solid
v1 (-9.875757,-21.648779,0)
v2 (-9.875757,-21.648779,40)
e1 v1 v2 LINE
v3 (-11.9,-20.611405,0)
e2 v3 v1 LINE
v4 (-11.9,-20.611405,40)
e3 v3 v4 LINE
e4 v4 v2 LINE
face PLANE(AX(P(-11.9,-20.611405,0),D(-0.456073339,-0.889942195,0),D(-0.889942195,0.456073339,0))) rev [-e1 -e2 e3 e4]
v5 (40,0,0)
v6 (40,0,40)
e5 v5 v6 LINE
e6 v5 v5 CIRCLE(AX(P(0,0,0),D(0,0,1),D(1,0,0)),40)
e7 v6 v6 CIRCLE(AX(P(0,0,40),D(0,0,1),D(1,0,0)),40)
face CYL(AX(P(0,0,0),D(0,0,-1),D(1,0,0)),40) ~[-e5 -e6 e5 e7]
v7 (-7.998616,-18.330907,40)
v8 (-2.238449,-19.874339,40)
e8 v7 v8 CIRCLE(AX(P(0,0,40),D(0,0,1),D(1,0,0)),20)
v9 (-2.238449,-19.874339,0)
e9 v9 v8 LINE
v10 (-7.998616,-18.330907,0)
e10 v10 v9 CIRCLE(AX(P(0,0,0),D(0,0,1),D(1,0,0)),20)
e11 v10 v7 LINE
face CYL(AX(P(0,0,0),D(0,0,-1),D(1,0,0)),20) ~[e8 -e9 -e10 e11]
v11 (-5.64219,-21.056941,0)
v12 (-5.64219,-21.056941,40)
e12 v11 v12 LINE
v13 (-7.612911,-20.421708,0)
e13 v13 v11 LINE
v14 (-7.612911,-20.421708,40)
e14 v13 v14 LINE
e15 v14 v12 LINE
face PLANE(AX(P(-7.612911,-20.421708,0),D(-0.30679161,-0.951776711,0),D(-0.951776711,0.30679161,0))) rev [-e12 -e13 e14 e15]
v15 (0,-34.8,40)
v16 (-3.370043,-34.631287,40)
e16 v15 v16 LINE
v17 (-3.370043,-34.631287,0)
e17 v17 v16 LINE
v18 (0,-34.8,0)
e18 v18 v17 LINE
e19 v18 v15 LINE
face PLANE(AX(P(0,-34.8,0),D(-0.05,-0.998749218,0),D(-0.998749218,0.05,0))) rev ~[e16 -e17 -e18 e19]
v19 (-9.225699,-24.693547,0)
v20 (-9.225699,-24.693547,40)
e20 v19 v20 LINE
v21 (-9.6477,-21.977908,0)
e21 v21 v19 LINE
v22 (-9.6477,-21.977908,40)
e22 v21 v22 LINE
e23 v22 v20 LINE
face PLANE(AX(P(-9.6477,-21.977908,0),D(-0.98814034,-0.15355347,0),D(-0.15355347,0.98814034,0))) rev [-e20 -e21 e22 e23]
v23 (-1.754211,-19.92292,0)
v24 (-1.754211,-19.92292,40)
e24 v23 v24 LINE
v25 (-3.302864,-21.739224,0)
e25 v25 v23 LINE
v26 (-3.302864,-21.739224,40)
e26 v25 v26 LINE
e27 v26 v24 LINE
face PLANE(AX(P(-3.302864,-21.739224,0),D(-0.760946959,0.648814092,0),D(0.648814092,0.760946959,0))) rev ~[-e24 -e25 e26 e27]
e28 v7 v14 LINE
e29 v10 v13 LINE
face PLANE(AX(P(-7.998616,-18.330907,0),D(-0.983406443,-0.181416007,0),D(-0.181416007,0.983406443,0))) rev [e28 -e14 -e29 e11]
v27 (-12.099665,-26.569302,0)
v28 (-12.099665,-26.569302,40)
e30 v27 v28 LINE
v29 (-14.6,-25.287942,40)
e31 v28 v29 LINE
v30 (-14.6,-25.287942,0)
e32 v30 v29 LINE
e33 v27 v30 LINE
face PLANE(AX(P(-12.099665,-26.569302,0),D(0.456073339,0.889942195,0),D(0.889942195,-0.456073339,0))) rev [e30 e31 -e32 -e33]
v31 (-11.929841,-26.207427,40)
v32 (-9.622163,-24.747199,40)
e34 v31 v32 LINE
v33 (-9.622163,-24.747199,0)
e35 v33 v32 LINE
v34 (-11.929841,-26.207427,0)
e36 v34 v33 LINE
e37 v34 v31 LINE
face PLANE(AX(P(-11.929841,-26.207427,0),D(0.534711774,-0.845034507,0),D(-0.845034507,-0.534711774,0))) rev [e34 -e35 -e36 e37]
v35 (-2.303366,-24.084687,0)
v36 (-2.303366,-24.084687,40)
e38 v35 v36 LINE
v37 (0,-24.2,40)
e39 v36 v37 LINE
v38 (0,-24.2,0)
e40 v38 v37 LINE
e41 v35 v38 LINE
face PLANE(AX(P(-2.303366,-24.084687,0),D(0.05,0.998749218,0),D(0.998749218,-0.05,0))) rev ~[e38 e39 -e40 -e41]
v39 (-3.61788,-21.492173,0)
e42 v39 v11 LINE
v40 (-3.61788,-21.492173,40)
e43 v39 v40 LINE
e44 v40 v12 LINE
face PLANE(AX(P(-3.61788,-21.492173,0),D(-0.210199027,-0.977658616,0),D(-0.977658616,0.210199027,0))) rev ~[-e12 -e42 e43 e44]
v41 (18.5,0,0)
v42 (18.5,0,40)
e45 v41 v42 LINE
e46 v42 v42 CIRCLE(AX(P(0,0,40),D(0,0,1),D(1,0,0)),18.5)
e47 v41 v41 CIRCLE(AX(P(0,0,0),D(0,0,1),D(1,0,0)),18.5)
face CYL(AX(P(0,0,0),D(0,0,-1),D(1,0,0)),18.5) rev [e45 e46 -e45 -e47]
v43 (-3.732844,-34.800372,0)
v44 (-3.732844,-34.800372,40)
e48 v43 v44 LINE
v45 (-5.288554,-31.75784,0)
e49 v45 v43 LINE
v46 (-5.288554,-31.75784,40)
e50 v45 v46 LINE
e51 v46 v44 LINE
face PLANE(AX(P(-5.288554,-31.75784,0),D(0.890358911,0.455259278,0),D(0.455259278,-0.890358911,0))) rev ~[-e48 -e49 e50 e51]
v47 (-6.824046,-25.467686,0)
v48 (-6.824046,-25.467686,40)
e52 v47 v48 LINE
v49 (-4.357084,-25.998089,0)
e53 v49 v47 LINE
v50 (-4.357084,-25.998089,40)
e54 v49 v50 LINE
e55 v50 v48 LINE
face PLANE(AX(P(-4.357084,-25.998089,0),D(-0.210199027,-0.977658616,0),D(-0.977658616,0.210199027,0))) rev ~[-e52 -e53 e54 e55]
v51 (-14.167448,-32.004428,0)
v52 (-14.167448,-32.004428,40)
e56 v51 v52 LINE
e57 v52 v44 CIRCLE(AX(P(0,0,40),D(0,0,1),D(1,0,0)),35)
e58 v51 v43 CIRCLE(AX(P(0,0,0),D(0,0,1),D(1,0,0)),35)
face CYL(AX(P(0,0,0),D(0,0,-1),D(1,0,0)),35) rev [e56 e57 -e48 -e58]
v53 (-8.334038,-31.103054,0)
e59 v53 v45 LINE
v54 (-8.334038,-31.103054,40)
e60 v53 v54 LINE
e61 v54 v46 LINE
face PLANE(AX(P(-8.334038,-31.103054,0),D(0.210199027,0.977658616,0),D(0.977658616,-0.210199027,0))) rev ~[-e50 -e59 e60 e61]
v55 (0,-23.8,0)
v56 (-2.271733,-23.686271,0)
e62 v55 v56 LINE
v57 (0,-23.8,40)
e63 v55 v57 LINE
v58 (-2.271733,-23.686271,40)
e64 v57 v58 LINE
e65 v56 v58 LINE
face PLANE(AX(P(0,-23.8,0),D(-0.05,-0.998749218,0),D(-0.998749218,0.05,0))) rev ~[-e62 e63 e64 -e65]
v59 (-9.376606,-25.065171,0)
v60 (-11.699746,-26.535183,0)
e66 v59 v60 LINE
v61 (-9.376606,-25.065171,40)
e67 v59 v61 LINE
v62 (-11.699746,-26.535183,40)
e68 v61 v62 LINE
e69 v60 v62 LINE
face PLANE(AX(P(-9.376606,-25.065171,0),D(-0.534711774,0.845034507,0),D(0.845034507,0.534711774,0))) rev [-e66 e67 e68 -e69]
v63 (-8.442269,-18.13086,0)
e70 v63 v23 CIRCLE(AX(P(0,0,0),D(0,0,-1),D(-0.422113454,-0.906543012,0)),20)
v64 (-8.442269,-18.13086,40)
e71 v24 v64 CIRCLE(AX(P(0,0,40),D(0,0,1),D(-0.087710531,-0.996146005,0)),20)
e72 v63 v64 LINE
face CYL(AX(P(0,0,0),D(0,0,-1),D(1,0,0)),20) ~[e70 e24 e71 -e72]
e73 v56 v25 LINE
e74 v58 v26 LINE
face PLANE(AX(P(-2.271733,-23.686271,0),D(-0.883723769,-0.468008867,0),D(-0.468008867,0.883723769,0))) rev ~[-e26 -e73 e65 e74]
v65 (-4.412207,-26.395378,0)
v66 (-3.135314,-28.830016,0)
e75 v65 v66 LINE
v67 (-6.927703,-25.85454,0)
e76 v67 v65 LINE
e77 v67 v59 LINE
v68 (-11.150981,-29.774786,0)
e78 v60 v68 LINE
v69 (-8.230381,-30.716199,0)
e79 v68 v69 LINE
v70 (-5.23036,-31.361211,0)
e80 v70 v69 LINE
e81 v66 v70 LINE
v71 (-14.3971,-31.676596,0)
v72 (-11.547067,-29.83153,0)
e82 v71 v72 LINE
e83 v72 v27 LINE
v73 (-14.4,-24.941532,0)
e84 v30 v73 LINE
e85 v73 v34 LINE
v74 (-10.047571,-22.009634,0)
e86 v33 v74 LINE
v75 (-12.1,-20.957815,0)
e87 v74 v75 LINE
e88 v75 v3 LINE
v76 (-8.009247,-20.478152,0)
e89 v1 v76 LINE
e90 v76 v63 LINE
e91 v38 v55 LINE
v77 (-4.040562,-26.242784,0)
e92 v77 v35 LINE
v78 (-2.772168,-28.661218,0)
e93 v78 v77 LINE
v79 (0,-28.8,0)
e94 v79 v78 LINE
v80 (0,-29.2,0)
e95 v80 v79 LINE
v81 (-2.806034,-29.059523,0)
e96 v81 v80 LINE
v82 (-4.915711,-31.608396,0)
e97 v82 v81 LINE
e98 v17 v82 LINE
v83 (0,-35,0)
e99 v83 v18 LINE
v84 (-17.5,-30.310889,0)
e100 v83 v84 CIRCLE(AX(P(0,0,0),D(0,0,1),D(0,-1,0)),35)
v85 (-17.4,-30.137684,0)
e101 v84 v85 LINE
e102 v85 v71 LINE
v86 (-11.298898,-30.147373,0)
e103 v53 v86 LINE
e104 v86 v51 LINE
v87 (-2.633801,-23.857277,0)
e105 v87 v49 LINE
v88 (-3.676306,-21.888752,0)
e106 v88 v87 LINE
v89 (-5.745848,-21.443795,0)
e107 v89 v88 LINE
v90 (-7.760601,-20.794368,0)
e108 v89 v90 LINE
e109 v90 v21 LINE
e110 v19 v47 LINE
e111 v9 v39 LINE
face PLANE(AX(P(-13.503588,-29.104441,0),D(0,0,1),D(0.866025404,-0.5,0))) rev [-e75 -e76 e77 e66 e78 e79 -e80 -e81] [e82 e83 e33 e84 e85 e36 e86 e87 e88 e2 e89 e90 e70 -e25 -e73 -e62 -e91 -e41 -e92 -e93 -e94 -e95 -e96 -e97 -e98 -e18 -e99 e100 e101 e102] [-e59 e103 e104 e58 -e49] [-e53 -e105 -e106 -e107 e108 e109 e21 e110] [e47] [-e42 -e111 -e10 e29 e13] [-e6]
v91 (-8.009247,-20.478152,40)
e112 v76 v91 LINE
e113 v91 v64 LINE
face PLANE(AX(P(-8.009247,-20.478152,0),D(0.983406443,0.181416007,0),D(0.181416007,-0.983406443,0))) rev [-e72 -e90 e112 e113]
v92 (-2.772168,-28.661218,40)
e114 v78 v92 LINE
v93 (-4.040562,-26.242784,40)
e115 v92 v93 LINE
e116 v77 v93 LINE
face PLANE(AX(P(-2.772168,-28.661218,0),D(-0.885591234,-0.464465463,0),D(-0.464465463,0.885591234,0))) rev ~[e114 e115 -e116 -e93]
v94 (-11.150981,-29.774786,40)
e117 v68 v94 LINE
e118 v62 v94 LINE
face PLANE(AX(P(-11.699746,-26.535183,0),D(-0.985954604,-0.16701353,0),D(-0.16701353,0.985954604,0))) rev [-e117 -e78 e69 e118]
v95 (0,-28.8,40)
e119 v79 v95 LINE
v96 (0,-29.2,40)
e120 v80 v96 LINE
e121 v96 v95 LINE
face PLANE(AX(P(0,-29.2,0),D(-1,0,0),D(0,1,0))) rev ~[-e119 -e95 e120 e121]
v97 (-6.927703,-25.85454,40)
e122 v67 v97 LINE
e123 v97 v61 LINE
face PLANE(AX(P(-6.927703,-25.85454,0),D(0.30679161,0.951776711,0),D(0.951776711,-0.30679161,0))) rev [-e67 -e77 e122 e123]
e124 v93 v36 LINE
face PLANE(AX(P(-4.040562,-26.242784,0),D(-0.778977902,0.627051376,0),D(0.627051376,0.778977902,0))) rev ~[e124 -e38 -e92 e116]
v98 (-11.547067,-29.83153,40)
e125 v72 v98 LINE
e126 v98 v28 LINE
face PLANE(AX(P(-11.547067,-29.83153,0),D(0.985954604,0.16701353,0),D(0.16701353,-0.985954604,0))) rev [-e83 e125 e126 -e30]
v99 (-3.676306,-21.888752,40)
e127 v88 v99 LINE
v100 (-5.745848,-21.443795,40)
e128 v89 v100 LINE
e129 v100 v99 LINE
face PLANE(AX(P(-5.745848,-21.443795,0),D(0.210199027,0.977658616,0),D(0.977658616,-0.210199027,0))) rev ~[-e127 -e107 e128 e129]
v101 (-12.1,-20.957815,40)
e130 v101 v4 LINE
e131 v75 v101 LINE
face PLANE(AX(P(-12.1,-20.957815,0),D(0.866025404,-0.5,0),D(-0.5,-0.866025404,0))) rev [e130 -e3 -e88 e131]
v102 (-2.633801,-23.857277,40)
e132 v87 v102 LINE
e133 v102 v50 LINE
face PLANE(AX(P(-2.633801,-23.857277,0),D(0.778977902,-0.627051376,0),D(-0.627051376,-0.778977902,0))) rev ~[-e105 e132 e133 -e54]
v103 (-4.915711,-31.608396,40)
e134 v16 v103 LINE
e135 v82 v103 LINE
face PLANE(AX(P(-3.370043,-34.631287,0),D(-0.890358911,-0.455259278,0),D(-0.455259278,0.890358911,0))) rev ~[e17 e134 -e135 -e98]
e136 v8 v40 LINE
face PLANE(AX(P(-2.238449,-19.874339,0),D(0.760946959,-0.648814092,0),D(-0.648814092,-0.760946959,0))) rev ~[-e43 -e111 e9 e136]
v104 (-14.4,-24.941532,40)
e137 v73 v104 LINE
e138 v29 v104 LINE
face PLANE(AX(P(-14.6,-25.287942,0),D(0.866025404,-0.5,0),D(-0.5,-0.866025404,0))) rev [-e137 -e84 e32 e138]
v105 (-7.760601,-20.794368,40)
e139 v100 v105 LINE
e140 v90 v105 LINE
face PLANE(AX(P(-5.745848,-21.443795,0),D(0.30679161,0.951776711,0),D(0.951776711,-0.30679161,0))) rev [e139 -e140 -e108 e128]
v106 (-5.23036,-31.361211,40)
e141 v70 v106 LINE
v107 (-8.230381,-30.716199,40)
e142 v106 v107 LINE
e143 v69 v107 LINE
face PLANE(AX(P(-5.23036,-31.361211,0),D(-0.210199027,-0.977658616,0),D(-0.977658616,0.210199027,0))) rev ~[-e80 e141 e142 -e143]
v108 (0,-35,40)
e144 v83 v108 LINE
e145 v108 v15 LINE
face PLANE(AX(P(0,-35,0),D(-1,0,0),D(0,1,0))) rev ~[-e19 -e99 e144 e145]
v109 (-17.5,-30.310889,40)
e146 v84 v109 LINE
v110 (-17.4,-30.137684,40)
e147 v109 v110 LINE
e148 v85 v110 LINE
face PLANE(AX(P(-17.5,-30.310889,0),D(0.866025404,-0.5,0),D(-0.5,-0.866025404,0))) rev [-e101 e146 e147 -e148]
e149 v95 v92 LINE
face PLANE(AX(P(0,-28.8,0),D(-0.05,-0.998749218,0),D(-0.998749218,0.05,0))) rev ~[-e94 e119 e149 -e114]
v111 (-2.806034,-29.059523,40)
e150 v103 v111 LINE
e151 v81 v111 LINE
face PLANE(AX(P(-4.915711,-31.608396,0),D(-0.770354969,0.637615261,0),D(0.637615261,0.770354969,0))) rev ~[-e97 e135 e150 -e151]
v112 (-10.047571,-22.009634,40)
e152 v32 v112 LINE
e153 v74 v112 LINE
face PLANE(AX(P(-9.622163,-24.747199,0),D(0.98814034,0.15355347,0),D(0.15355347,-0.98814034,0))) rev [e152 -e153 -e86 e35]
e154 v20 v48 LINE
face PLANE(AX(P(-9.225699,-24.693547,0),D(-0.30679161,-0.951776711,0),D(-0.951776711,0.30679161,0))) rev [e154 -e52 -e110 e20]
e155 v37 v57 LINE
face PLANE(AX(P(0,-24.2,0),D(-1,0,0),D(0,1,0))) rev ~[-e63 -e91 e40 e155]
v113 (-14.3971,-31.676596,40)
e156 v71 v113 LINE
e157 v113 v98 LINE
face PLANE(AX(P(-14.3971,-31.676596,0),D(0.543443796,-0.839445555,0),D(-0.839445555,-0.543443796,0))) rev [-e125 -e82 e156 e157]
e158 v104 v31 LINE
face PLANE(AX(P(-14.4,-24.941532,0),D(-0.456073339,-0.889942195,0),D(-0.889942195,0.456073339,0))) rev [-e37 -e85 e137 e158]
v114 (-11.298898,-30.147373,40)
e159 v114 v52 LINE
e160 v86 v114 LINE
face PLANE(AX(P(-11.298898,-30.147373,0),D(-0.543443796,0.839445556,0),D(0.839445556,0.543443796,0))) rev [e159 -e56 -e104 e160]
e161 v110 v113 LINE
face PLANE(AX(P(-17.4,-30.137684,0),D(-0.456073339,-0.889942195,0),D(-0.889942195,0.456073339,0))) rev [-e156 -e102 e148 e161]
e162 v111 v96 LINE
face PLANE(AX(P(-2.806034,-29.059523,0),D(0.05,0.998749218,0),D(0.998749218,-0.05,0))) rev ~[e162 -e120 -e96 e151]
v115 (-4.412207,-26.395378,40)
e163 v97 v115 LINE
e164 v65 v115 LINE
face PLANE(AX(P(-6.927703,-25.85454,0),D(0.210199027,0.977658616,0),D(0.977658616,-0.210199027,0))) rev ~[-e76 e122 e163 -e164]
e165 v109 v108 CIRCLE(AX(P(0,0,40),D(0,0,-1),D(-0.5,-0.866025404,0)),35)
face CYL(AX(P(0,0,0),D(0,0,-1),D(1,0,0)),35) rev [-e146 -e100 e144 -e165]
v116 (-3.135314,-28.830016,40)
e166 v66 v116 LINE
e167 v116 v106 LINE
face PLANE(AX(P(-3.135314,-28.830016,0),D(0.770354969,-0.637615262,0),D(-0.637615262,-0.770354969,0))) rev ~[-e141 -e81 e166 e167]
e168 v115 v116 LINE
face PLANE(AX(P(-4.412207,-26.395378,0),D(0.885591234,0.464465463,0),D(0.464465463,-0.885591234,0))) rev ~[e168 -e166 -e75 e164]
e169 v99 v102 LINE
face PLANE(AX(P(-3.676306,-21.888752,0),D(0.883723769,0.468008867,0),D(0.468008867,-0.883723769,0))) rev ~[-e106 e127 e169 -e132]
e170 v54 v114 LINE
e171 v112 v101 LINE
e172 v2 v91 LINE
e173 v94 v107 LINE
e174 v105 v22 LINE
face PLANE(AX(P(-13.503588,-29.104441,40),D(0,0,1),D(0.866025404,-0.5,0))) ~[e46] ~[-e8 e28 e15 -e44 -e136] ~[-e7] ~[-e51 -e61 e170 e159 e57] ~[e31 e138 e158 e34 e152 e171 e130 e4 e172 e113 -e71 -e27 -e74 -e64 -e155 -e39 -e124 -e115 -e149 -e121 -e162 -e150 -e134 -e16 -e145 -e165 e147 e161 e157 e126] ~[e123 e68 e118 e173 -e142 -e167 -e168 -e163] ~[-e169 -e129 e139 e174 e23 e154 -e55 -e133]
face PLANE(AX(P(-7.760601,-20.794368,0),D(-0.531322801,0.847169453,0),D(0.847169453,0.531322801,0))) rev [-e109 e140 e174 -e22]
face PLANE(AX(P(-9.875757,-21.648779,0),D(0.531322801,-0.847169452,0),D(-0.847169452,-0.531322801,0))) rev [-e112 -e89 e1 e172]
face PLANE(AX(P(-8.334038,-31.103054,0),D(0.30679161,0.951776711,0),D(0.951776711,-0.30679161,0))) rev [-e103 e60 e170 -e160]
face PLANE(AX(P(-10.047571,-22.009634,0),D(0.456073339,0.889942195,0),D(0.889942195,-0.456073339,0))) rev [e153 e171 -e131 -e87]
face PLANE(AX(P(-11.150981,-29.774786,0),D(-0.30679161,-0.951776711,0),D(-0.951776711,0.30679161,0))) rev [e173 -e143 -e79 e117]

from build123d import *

# Parameters (mm, degrees)
BOSS_EXTRUDE1_DEPTH = 40
SKETCH1_6_R         = 40
SKETCH1_6_R_2       = 35
SKETCH1_6_R_3       = 20
SKETCH1_6_R_4       = 18.5
BOSS_EXTRUDE2_DEPTH = 40


with BuildPart() as part:
    # Sketch1 → Boss-Extrude1 (new body)
    with BuildSketch(Plane.XY):
        with BuildLine():
            Line((0, -29.2), (0, -29))
            Line((0, -29), (-2.896372732, -28.855))
            Line((-2.896372732, -28.855), (-5.153701873, -31.582263329))
            Line((-5.153701873, -31.582263329), (-3.495622262, -34.825))
            ThreePointArc((-3.495622262, -34.825), (-1.75, -34.956222622), (0, -35))
            Line((0, -35), (0, -34.8))
            Line((0, -34.8), (-3.370043386, -34.631286807))
            Line((-3.370043386, -34.631286807), (-4.915711127, -31.608396089))
            Line((-4.915711127, -31.608396089), (-2.806033523, -29.059522617))
            Line((-2.806033523, -29.059522617), (0, -29.2))
        make_face()
        with BuildLine():
            Line((-3.495622262, -34.825), (-5.153701873, -31.582263329))
            Line((-5.153701873, -31.582263329), (-8.282209443, -30.909626441))
            Line((-8.282209443, -30.909626441), (-8.334038079, -31.103053542))
            Line((-8.334038079, -31.103053542), (-5.288554278, -31.757840113))
            Line((-5.288554278, -31.757840113), (-3.732843691, -34.800371808))
            ThreePointArc((-3.732843691, -34.800371808), (-3.614253954, -34.812887963), (-3.495622262, -34.825))
        make_face()
        Polygon((-5.153701873, -31.582263329), (-2.896372732, -28.855), (-4.278593468, -26.219534795), (-6.875874487, -25.661112933), (-6.927703123, -25.854540034), (-4.412206949, -26.395377951), (-3.135314054, -28.830015709), (-5.230359841, -31.36121129), (-8.230380808, -30.716199341), (-8.282209443, -30.909626441), align=None)
        Polygon((-2.896372732, -28.855), (0, -29), (0, -28.8), (-2.772167607, -28.661218034), (-4.040561936, -26.2427844), (-2.303365501, -24.084687494), (0, -24.2), (0, -24), (-2.395409567, -23.880079527), (-4.278593468, -26.219534795), align=None)
        Polygon((-6.875874487, -25.661112933), (-4.278593468, -26.219534795), (-2.395409567, -23.880079527), (-3.543170038, -21.712806039), (-5.694018992, -21.250368178), (-5.745847628, -21.443795279), (-3.676306485, -21.888751758), (-2.633800725, -23.857276683), (-4.357083522, -25.998088853), (-6.824045852, -25.467685833), align=None)
        with BuildLine():
            Line((-3.543170038, -21.712806039), (-2.395409567, -23.880079527))
            Line((-2.395409567, -23.880079527), (0, -24))
            Line((0, -24), (0, -23.8))
            Line((0, -23.8), (-2.271732982, -23.686271101))
            Line((-2.271732982, -23.686271101), (-3.30286447, -21.73922379))
            Line((-3.30286447, -21.73922379), (-1.754210625, -19.922920094))
            ThreePointArc((-1.754210625, -19.922920094), (-1.875889536, -19.91183162), (-1.997498436, -19.9))
            Line((-1.997498436, -19.9), (-3.543170038, -21.712806039))
        make_face()
        with BuildLine():
            Line((-5.694018992, -21.250368178), (-3.543170038, -21.712806039))
            Line((-3.543170038, -21.712806039), (-1.997498436, -19.9))
            ThreePointArc((-1.997498436, -19.9), (-2.118012645, -19.887534348), (-2.238449128, -19.874338869))
            Line((-2.238449128, -19.874338869), (-3.617879715, -21.492172887))
            Line((-3.617879715, -21.492172887), (-5.642190357, -21.056941078))
            Line((-5.642190357, -21.056941078), (-5.694018992, -21.250368178))
        make_face()
    boss_extrude1 = extrude(amount=BOSS_EXTRUDE1_DEPTH)

    # Sketch1<6> → Boss-Extrude2 (add)
    with BuildSketch(Plane.XY):
        Circle(SKETCH1_6_R)
        Circle(SKETCH1_6_R_2, mode=Mode.SUBTRACT)
        Circle(SKETCH1_6_R_3)
        Circle(SKETCH1_6_R_4, mode=Mode.SUBTRACT)
    extrude(amount=BOSS_EXTRUDE2_DEPTH)

    # Mirror1: Boss-Extrude1 across plane
    add(boss_extrude1.mirror(Plane(origin=(0, 0, 40), x_dir=(0, 0, 1), z_dir=(0.9659258262890685, -0.2588190451025203, 0))))


solid = part.part
